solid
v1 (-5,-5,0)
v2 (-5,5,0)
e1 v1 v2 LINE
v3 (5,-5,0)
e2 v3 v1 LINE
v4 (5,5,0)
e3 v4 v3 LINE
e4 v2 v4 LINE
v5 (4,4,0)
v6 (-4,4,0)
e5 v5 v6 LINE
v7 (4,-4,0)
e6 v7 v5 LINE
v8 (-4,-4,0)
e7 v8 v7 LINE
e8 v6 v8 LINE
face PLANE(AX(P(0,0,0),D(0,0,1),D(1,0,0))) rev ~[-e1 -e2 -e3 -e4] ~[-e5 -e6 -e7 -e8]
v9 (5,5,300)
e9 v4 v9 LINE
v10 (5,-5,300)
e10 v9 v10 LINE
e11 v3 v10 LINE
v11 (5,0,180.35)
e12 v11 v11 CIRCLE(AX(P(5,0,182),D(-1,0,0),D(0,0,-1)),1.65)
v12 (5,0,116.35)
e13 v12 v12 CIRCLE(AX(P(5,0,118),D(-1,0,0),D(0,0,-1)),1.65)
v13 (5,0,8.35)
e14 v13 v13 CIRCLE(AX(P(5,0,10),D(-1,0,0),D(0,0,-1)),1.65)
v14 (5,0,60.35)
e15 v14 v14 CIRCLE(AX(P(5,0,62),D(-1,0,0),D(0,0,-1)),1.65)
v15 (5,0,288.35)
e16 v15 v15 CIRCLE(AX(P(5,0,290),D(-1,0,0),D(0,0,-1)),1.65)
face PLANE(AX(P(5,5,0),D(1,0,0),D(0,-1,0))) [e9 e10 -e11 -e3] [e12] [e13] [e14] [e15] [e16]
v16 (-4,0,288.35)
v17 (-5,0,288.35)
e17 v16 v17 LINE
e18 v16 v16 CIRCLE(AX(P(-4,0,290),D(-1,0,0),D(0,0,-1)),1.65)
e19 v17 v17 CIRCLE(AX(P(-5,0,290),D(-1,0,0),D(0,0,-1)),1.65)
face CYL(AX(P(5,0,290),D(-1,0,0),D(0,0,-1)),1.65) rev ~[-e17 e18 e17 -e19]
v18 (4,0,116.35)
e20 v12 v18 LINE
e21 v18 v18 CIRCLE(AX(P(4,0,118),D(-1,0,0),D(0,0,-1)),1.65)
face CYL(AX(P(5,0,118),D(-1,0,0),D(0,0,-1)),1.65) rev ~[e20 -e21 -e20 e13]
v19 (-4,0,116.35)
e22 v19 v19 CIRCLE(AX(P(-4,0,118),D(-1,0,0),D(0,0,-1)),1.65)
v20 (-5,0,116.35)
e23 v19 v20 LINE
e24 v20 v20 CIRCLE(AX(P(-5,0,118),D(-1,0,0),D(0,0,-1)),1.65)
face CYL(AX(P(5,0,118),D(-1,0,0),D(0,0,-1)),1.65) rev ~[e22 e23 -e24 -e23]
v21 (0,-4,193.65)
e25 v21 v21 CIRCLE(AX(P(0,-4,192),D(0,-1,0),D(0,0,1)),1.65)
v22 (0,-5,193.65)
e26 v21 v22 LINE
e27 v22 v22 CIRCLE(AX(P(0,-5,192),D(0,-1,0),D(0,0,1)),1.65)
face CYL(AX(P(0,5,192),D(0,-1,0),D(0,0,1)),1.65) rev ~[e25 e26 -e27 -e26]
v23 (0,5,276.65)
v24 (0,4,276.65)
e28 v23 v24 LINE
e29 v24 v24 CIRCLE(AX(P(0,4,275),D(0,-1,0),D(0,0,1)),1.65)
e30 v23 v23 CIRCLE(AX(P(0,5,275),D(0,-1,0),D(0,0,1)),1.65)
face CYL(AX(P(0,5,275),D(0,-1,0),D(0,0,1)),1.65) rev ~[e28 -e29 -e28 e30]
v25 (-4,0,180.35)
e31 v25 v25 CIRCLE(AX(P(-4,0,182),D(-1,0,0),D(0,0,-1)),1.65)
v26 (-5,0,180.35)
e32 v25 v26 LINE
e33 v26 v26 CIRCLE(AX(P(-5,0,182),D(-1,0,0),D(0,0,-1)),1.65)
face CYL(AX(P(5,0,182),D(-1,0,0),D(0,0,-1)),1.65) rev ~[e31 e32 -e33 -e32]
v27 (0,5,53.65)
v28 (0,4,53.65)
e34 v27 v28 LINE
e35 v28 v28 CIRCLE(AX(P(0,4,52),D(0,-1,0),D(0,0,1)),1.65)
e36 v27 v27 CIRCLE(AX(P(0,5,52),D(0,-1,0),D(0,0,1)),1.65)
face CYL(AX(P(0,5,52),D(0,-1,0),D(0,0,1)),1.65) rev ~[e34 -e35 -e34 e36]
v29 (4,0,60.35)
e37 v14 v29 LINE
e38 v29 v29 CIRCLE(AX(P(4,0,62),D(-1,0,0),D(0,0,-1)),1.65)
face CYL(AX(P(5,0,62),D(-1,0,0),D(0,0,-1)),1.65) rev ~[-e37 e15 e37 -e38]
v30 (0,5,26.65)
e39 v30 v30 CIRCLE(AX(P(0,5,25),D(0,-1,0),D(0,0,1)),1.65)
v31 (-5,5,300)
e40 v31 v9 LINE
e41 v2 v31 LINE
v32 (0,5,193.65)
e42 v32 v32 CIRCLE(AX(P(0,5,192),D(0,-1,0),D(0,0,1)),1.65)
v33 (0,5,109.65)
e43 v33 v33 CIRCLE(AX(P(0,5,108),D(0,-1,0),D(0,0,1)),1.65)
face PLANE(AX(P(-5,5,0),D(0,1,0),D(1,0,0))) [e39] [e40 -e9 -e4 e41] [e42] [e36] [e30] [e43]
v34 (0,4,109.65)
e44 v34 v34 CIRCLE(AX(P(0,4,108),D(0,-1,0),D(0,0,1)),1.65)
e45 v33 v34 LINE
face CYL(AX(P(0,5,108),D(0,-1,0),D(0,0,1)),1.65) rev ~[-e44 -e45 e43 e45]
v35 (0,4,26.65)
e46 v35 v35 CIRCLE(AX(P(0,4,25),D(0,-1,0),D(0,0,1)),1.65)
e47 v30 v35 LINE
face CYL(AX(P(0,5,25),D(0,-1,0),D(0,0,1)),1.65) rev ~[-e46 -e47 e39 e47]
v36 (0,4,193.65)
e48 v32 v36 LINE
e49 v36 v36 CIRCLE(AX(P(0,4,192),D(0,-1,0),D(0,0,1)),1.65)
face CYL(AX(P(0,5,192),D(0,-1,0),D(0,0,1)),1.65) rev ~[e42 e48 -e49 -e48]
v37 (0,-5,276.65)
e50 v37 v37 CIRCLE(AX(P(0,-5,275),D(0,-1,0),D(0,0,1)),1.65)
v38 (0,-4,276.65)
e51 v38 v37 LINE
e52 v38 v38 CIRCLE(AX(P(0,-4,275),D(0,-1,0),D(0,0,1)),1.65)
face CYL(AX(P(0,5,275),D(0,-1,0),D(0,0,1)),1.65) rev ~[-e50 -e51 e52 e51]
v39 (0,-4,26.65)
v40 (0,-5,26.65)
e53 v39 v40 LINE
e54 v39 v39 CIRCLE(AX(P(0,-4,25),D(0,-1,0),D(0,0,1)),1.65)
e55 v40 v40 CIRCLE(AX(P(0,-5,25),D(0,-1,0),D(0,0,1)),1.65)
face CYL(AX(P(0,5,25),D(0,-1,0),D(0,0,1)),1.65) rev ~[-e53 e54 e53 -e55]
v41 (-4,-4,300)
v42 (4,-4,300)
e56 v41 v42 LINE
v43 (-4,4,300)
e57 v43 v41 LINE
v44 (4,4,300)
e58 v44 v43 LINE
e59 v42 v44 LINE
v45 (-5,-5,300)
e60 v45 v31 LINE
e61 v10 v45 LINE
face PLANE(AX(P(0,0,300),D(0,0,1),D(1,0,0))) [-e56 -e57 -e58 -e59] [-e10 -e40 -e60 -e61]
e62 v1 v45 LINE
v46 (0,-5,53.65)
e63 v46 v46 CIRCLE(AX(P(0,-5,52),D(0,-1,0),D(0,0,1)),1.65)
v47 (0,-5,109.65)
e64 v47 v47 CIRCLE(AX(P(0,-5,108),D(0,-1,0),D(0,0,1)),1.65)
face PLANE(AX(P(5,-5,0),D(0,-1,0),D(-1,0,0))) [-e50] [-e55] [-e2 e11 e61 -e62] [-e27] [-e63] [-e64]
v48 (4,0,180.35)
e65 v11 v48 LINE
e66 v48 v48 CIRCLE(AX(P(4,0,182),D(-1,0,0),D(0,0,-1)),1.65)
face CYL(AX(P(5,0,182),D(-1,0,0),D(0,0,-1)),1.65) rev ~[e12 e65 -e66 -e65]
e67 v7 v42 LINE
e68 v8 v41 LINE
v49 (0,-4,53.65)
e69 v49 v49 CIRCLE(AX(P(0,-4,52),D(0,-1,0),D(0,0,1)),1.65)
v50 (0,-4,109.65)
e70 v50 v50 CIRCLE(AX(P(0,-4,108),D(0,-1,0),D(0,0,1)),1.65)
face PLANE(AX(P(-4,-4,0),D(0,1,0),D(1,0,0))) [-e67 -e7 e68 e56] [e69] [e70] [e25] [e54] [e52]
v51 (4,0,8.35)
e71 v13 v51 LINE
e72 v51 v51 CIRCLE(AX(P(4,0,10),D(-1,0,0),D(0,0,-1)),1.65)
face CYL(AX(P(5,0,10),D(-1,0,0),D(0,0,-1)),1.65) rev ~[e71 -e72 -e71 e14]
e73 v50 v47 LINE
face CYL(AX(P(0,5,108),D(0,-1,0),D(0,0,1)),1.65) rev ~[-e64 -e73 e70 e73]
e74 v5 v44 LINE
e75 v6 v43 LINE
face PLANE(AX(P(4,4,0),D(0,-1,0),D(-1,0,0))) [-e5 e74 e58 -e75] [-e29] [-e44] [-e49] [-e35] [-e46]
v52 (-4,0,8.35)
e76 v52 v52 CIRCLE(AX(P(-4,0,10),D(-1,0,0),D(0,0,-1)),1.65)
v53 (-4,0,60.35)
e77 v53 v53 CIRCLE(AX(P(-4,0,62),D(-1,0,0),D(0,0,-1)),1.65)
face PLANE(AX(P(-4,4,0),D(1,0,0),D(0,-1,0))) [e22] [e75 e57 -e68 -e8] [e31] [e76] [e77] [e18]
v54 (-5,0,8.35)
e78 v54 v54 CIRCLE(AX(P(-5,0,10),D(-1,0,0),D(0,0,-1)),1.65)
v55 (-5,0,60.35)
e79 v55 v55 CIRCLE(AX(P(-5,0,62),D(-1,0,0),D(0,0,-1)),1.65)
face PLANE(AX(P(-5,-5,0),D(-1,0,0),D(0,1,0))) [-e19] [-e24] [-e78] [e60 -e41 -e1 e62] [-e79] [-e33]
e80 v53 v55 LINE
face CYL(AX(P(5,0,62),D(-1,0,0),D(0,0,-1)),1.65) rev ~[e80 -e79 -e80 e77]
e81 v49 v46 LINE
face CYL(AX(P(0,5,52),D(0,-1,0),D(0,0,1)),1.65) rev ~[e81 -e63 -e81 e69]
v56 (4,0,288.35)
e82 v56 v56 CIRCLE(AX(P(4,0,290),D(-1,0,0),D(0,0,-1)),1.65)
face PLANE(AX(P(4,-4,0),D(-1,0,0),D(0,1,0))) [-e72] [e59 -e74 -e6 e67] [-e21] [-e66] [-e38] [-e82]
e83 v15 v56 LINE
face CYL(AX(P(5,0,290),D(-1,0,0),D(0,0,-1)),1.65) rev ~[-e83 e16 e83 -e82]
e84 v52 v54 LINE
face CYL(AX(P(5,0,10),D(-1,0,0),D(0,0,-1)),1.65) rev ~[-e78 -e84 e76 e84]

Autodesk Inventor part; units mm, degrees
ref_plane "YZ Plane" through (0, 0, 0) normal (1, 0, 0) x (0, 1, 0)
ref_plane "XZ Plane" through (0, 0, 0) normal (0, 1, 0) x (-1, 0, 0)
ref_plane "XY Plane" through (0, 0, 0) normal (0, 0, 1) x (1, 0, 0)
sketch "スケッチ1" plane through (0, 0, 0) normal (0, 0, 1) x (1, 0, 0)
  line L0 (5, -5) -> (-5, -5)
  line L1 (-5, -5) -> (-5, 5)
  line L2 (-5, 5) -> (5, 5)
  line L3 (5, 5) -> (5, -5)
  line L4 (5, -5) -> (-5, 5) construction
  line L5 (-5, -5) -> (5, 5) construction
  line L6 (4, 4) -> (-4, 4)
  line L7 (-4, 4) -> (-4, -4)
  line L8 (-4, -4) -> (4, -4)
  line L9 (4, -4) -> (4, 4)
  point P0 (0, 0)
  dimension "d0" = 10
  dimension "d1" = 10
  dimension "d2" = 1
extrude "押し出し1" add sketch "スケッチ1" along normal blind 300
sketch "スケッチ2" plane through (5, -5, 0) normal (1, 0, 0) x (0, 0, -1)
  line L0 (0, 0) -> (0, 10) projected
  line L1 (0, 10) -> (-300, 10) projected
  line L2 (-300, 0) -> (-300, 10) projected
  line L3 (0, 0) -> (-300, 0) projected
  line L4 (0, 5) -> (-300, 5)
  line L5 (-300, 0) -> (-300, 10) projected
  point P0 (-290, 5)
  point P1 (-182, 5)
  point P2 (-62, 5)
  point P3 (-10, 5)
  point P4 (-118, 5)
  dimension "d7" = 120
  dimension "d25" = 10
  dimension "d26" = 52
  dimension "d27" = 10
  dimension "d28" = 108
  dimension "d29" = 56
hole "穴1" at (5, 0, 290) at (5, 0, 182) at (5, 0, 62) at (5, 0, 10) at (5, 0, 118) direction (-1, 0, 0) diameter 3.3 end through all
sketch "スケッチ3" plane through (-5, 5, 0) normal (0, 1, 0) x (1, 0, 0)
  line L0 (10, 0) -> (0, 0) projected
  line L1 (0, 0) -> (0, -300) projected
  line L2 (10, -300) -> (0, -300) projected
  line L3 (10, 0) -> (10, -300) projected
  line L4 (5, -300) -> (5, 0)
  point P0 (5, -275)
  point P1 (5, -52)
  point P2 (5, -108)
  point P3 (5, -192)
  point P4 (5, -25)
  dimension "d17" = 25
  dimension "d30" = 52
  dimension "d31" = 56
  dimension "d32" = 84
  dimension "d33" = 25
hole "穴2" at (0, 5, 275) at (0, 5, 52) at (0, 5, 108) at (0, 5, 192) at (0, 5, 25) direction (0, -1, 0) diameter 3.3 end through all
properties part number "kaku_1010_200"
